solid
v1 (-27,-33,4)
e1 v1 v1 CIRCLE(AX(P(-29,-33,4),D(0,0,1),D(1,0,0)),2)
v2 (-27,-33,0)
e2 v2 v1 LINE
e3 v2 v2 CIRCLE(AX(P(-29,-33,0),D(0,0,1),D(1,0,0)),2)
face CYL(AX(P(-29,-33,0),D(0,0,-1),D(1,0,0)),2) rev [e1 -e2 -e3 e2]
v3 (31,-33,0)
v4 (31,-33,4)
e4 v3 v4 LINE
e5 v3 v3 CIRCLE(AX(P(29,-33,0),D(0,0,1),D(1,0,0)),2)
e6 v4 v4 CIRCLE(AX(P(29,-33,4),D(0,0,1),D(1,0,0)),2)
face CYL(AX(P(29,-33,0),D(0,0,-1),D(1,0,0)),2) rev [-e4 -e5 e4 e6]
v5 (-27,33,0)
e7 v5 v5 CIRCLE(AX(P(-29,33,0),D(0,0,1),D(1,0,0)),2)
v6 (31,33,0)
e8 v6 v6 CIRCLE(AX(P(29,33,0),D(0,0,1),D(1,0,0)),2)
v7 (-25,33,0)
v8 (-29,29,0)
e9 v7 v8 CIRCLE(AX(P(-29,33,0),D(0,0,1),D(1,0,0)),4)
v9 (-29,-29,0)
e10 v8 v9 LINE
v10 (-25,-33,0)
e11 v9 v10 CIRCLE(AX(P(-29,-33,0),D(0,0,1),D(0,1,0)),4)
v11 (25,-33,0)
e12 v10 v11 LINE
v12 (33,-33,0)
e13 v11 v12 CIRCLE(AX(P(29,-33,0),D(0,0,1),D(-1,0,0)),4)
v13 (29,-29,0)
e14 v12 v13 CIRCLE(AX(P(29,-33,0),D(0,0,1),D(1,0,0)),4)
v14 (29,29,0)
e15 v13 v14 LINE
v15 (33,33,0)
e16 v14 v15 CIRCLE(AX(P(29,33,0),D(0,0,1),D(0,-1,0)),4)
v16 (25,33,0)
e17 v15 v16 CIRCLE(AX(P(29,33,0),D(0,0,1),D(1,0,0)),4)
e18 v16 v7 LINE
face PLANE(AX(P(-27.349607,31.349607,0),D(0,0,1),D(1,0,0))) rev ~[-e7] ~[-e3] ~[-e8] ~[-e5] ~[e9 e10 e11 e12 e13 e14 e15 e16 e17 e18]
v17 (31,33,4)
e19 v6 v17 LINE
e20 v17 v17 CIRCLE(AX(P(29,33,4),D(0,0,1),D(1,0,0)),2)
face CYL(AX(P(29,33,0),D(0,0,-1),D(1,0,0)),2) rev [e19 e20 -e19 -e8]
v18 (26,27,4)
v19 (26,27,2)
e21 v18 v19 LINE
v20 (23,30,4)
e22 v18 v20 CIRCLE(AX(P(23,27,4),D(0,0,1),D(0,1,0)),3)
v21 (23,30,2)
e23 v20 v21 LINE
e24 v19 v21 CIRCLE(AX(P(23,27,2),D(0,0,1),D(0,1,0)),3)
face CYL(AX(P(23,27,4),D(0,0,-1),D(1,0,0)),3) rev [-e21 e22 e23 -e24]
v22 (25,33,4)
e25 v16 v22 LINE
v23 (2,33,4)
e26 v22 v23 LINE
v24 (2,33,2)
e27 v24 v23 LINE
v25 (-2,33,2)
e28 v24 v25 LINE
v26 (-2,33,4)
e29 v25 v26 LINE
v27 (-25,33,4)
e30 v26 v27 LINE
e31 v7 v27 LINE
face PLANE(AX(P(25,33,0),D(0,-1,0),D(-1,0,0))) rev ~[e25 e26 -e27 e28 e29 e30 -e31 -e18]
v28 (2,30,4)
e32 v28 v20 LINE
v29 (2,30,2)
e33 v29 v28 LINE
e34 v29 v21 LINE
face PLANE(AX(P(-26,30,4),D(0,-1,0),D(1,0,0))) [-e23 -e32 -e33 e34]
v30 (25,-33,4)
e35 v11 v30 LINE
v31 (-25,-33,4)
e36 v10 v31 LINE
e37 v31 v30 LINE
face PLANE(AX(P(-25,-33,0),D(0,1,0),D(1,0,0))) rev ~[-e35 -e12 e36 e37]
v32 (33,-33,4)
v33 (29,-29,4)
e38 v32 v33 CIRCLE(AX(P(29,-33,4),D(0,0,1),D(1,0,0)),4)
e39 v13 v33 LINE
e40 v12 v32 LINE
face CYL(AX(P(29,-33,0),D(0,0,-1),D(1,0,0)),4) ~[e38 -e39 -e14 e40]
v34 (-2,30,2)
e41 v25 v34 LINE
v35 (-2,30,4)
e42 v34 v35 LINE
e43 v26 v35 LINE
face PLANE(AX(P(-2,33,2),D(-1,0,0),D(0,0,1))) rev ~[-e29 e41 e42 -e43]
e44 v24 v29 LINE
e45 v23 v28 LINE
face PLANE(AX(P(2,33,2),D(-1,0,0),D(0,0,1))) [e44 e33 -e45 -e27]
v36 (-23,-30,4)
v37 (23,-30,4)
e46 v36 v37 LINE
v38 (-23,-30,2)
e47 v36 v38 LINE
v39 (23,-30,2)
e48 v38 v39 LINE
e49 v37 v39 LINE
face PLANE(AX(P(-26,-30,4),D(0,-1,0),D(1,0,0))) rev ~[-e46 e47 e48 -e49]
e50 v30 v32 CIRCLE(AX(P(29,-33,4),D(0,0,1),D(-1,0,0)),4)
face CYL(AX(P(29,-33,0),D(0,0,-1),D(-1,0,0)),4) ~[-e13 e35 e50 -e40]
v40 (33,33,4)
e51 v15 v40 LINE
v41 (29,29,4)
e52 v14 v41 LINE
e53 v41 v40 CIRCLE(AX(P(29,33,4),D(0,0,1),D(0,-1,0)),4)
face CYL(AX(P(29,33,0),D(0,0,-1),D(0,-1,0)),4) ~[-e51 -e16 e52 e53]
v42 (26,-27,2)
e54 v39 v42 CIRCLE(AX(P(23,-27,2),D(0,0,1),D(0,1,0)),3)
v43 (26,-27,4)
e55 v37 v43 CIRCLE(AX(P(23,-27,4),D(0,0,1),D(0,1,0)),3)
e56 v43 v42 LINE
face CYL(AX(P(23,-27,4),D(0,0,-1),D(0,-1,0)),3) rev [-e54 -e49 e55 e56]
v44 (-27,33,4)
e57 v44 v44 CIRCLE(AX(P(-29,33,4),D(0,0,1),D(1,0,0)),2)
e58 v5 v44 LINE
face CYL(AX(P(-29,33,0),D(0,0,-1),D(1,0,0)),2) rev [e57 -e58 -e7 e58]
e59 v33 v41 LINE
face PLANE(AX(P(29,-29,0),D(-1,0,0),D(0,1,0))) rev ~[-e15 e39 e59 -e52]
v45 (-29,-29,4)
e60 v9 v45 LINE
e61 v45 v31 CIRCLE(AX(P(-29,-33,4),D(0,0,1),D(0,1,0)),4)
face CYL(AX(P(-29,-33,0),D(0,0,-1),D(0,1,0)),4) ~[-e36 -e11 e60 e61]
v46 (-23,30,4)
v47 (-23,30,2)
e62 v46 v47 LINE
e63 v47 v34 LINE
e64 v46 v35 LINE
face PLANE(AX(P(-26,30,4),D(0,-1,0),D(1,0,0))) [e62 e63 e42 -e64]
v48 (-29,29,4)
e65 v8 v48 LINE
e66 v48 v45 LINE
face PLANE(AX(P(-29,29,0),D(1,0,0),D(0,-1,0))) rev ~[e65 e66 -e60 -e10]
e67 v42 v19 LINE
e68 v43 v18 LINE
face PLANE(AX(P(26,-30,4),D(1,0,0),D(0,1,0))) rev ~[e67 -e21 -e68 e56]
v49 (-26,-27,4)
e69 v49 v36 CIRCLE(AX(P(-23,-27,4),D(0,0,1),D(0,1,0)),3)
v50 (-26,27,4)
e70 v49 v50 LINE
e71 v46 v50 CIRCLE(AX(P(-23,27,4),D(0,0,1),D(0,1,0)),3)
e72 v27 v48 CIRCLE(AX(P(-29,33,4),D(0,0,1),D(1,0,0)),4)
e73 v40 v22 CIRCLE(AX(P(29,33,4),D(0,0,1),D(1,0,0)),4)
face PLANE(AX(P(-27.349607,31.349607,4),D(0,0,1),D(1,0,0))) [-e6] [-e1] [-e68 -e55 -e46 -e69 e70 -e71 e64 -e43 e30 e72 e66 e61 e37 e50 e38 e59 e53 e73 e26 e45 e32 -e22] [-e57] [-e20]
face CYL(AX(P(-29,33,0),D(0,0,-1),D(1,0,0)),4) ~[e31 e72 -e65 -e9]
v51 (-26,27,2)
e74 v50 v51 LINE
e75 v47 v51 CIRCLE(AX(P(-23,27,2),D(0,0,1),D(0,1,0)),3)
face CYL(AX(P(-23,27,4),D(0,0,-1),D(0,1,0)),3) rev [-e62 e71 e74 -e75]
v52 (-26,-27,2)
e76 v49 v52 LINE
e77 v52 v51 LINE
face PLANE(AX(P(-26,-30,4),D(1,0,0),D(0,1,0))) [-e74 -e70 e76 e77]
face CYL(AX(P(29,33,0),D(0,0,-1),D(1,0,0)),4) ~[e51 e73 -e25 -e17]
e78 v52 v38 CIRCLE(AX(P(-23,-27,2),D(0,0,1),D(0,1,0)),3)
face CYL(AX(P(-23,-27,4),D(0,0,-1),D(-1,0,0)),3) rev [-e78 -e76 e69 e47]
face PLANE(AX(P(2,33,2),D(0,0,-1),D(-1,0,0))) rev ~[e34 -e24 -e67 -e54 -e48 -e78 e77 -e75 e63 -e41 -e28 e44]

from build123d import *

# Parameters (mm, degrees)
F2_DEPTH = 4
F3_W     = 4
F3_H     = 2
F4_DEPTH = 4
F5_W     = 52
F5_H     = 60
F6_DEPTH = 2
F7_R     = 2
F8_DEPTH = 4
F9_R     = 3


with BuildPart() as f2:
    # F1 (on Top) → F2 (new body)
    with BuildSketch(Plane.XY):
        with BuildLine():
            ThreePointArc((-29, 29), (-26.1715728753, 30.1715728753), (-25, 33))
            Line((-25, 33), (-29, 33))
            Line((-29, 33), (-29, 29))
        make_face()
        with BuildLine():
            Line((-29, 33), (-25, 33))
            ThreePointArc((-25, 33), (-31.8284271247, 35.8284271247), (-29, 29))
            Line((-29, 29), (-29, 33))
        make_face()
        with BuildLine():
            Line((25, 33), (-25, 33))
            ThreePointArc((-25, 33), (-26.1715728753, 30.1715728753), (-29, 29))
            Line((-29, 29), (-29, -29))
            ThreePointArc((-29, -29), (-26.1715728753, -30.1715728753), (-25, -33))
            Line((-25, -33), (25, -33))
            ThreePointArc((25, -33), (26.1715728753, -30.1715728753), (29, -29))
            Line((29, -29), (29, 29))
            ThreePointArc((29, 29), (26.1715728753, 30.1715728753), (25, 33))
        make_face()
        with BuildLine():
            ThreePointArc((33, 33), (29, 37), (25, 33))
            Line((25, 33), (29, 33))
            Line((29, 33), (29, 29))
            ThreePointArc((29, 29), (31.8284271247, 30.1715728753), (33, 33))
        make_face()
        with BuildLine():
            Line((29, 33), (25, 33))
            ThreePointArc((25, 33), (26.1715728753, 30.1715728753), (29, 29))
            Line((29, 29), (29, 33))
        make_face()
        with BuildLine():
            ThreePointArc((-25, -33), (-26.1715728753, -30.1715728753), (-29, -29))
            Line((-29, -29), (-29, -33))
            Line((-29, -33), (-25, -33))
        make_face()
        with BuildLine():
            Line((-29, -33), (-29, -29))
            ThreePointArc((-29, -29), (-31.8284271247, -35.8284271247), (-25, -33))
            Line((-25, -33), (-29, -33))
        make_face()
        with BuildLine():
            ThreePointArc((33, -33), (31.8284271247, -30.1715728753), (29, -29))
            Line((29, -29), (29, -33))
            Line((29, -33), (25, -33))
            ThreePointArc((25, -33), (29, -37), (33, -33))
        make_face()
        with BuildLine():
            Line((29, -33), (29, -29))
            ThreePointArc((29, -29), (26.1715728753, -30.1715728753), (25, -33))
            Line((25, -33), (29, -33))
        make_face()
    extrude(amount=F2_DEPTH)

    # F3 (on face) → F4 (cut)
    with BuildSketch(Plane(origin=(0, 33, 0), x_dir=(-1, 0, 0), z_dir=(0, 1, 0))):
        with Locations((0, 3)):
            Rectangle(F3_W, F3_H)
    extrude(amount=-F4_DEPTH, mode=Mode.SUBTRACT)

    # F5 (on face) → F6 (cut)
    with BuildSketch(Plane.XY.offset(4)):
        Rectangle(F5_W, F5_H)
    extrude(amount=-F6_DEPTH, mode=Mode.SUBTRACT)

    # F7 (on Top) → F8 (cut)
    with BuildSketch(Plane.XY):
        with Locations((29, 33)):
            Circle(F7_R)
        with Locations((-29, 33)):
            Circle(F7_R)
        with Locations((29, -33)):
            Circle(F7_R)
        with Locations((-29, -33)):
            Circle(F7_R)
    extrude(amount=F8_DEPTH, mode=Mode.SUBTRACT)

    # F9
    f9_edges = [f2.edges().sort_by_distance(p)[0] for p in [
        (26, -30, 3),
        (-26, -30, 3),
        (-26, 30, 3),
        (26, 30, 3),
    ]]
    fillet(f9_edges, radius=F9_R)


solid = f2.part
